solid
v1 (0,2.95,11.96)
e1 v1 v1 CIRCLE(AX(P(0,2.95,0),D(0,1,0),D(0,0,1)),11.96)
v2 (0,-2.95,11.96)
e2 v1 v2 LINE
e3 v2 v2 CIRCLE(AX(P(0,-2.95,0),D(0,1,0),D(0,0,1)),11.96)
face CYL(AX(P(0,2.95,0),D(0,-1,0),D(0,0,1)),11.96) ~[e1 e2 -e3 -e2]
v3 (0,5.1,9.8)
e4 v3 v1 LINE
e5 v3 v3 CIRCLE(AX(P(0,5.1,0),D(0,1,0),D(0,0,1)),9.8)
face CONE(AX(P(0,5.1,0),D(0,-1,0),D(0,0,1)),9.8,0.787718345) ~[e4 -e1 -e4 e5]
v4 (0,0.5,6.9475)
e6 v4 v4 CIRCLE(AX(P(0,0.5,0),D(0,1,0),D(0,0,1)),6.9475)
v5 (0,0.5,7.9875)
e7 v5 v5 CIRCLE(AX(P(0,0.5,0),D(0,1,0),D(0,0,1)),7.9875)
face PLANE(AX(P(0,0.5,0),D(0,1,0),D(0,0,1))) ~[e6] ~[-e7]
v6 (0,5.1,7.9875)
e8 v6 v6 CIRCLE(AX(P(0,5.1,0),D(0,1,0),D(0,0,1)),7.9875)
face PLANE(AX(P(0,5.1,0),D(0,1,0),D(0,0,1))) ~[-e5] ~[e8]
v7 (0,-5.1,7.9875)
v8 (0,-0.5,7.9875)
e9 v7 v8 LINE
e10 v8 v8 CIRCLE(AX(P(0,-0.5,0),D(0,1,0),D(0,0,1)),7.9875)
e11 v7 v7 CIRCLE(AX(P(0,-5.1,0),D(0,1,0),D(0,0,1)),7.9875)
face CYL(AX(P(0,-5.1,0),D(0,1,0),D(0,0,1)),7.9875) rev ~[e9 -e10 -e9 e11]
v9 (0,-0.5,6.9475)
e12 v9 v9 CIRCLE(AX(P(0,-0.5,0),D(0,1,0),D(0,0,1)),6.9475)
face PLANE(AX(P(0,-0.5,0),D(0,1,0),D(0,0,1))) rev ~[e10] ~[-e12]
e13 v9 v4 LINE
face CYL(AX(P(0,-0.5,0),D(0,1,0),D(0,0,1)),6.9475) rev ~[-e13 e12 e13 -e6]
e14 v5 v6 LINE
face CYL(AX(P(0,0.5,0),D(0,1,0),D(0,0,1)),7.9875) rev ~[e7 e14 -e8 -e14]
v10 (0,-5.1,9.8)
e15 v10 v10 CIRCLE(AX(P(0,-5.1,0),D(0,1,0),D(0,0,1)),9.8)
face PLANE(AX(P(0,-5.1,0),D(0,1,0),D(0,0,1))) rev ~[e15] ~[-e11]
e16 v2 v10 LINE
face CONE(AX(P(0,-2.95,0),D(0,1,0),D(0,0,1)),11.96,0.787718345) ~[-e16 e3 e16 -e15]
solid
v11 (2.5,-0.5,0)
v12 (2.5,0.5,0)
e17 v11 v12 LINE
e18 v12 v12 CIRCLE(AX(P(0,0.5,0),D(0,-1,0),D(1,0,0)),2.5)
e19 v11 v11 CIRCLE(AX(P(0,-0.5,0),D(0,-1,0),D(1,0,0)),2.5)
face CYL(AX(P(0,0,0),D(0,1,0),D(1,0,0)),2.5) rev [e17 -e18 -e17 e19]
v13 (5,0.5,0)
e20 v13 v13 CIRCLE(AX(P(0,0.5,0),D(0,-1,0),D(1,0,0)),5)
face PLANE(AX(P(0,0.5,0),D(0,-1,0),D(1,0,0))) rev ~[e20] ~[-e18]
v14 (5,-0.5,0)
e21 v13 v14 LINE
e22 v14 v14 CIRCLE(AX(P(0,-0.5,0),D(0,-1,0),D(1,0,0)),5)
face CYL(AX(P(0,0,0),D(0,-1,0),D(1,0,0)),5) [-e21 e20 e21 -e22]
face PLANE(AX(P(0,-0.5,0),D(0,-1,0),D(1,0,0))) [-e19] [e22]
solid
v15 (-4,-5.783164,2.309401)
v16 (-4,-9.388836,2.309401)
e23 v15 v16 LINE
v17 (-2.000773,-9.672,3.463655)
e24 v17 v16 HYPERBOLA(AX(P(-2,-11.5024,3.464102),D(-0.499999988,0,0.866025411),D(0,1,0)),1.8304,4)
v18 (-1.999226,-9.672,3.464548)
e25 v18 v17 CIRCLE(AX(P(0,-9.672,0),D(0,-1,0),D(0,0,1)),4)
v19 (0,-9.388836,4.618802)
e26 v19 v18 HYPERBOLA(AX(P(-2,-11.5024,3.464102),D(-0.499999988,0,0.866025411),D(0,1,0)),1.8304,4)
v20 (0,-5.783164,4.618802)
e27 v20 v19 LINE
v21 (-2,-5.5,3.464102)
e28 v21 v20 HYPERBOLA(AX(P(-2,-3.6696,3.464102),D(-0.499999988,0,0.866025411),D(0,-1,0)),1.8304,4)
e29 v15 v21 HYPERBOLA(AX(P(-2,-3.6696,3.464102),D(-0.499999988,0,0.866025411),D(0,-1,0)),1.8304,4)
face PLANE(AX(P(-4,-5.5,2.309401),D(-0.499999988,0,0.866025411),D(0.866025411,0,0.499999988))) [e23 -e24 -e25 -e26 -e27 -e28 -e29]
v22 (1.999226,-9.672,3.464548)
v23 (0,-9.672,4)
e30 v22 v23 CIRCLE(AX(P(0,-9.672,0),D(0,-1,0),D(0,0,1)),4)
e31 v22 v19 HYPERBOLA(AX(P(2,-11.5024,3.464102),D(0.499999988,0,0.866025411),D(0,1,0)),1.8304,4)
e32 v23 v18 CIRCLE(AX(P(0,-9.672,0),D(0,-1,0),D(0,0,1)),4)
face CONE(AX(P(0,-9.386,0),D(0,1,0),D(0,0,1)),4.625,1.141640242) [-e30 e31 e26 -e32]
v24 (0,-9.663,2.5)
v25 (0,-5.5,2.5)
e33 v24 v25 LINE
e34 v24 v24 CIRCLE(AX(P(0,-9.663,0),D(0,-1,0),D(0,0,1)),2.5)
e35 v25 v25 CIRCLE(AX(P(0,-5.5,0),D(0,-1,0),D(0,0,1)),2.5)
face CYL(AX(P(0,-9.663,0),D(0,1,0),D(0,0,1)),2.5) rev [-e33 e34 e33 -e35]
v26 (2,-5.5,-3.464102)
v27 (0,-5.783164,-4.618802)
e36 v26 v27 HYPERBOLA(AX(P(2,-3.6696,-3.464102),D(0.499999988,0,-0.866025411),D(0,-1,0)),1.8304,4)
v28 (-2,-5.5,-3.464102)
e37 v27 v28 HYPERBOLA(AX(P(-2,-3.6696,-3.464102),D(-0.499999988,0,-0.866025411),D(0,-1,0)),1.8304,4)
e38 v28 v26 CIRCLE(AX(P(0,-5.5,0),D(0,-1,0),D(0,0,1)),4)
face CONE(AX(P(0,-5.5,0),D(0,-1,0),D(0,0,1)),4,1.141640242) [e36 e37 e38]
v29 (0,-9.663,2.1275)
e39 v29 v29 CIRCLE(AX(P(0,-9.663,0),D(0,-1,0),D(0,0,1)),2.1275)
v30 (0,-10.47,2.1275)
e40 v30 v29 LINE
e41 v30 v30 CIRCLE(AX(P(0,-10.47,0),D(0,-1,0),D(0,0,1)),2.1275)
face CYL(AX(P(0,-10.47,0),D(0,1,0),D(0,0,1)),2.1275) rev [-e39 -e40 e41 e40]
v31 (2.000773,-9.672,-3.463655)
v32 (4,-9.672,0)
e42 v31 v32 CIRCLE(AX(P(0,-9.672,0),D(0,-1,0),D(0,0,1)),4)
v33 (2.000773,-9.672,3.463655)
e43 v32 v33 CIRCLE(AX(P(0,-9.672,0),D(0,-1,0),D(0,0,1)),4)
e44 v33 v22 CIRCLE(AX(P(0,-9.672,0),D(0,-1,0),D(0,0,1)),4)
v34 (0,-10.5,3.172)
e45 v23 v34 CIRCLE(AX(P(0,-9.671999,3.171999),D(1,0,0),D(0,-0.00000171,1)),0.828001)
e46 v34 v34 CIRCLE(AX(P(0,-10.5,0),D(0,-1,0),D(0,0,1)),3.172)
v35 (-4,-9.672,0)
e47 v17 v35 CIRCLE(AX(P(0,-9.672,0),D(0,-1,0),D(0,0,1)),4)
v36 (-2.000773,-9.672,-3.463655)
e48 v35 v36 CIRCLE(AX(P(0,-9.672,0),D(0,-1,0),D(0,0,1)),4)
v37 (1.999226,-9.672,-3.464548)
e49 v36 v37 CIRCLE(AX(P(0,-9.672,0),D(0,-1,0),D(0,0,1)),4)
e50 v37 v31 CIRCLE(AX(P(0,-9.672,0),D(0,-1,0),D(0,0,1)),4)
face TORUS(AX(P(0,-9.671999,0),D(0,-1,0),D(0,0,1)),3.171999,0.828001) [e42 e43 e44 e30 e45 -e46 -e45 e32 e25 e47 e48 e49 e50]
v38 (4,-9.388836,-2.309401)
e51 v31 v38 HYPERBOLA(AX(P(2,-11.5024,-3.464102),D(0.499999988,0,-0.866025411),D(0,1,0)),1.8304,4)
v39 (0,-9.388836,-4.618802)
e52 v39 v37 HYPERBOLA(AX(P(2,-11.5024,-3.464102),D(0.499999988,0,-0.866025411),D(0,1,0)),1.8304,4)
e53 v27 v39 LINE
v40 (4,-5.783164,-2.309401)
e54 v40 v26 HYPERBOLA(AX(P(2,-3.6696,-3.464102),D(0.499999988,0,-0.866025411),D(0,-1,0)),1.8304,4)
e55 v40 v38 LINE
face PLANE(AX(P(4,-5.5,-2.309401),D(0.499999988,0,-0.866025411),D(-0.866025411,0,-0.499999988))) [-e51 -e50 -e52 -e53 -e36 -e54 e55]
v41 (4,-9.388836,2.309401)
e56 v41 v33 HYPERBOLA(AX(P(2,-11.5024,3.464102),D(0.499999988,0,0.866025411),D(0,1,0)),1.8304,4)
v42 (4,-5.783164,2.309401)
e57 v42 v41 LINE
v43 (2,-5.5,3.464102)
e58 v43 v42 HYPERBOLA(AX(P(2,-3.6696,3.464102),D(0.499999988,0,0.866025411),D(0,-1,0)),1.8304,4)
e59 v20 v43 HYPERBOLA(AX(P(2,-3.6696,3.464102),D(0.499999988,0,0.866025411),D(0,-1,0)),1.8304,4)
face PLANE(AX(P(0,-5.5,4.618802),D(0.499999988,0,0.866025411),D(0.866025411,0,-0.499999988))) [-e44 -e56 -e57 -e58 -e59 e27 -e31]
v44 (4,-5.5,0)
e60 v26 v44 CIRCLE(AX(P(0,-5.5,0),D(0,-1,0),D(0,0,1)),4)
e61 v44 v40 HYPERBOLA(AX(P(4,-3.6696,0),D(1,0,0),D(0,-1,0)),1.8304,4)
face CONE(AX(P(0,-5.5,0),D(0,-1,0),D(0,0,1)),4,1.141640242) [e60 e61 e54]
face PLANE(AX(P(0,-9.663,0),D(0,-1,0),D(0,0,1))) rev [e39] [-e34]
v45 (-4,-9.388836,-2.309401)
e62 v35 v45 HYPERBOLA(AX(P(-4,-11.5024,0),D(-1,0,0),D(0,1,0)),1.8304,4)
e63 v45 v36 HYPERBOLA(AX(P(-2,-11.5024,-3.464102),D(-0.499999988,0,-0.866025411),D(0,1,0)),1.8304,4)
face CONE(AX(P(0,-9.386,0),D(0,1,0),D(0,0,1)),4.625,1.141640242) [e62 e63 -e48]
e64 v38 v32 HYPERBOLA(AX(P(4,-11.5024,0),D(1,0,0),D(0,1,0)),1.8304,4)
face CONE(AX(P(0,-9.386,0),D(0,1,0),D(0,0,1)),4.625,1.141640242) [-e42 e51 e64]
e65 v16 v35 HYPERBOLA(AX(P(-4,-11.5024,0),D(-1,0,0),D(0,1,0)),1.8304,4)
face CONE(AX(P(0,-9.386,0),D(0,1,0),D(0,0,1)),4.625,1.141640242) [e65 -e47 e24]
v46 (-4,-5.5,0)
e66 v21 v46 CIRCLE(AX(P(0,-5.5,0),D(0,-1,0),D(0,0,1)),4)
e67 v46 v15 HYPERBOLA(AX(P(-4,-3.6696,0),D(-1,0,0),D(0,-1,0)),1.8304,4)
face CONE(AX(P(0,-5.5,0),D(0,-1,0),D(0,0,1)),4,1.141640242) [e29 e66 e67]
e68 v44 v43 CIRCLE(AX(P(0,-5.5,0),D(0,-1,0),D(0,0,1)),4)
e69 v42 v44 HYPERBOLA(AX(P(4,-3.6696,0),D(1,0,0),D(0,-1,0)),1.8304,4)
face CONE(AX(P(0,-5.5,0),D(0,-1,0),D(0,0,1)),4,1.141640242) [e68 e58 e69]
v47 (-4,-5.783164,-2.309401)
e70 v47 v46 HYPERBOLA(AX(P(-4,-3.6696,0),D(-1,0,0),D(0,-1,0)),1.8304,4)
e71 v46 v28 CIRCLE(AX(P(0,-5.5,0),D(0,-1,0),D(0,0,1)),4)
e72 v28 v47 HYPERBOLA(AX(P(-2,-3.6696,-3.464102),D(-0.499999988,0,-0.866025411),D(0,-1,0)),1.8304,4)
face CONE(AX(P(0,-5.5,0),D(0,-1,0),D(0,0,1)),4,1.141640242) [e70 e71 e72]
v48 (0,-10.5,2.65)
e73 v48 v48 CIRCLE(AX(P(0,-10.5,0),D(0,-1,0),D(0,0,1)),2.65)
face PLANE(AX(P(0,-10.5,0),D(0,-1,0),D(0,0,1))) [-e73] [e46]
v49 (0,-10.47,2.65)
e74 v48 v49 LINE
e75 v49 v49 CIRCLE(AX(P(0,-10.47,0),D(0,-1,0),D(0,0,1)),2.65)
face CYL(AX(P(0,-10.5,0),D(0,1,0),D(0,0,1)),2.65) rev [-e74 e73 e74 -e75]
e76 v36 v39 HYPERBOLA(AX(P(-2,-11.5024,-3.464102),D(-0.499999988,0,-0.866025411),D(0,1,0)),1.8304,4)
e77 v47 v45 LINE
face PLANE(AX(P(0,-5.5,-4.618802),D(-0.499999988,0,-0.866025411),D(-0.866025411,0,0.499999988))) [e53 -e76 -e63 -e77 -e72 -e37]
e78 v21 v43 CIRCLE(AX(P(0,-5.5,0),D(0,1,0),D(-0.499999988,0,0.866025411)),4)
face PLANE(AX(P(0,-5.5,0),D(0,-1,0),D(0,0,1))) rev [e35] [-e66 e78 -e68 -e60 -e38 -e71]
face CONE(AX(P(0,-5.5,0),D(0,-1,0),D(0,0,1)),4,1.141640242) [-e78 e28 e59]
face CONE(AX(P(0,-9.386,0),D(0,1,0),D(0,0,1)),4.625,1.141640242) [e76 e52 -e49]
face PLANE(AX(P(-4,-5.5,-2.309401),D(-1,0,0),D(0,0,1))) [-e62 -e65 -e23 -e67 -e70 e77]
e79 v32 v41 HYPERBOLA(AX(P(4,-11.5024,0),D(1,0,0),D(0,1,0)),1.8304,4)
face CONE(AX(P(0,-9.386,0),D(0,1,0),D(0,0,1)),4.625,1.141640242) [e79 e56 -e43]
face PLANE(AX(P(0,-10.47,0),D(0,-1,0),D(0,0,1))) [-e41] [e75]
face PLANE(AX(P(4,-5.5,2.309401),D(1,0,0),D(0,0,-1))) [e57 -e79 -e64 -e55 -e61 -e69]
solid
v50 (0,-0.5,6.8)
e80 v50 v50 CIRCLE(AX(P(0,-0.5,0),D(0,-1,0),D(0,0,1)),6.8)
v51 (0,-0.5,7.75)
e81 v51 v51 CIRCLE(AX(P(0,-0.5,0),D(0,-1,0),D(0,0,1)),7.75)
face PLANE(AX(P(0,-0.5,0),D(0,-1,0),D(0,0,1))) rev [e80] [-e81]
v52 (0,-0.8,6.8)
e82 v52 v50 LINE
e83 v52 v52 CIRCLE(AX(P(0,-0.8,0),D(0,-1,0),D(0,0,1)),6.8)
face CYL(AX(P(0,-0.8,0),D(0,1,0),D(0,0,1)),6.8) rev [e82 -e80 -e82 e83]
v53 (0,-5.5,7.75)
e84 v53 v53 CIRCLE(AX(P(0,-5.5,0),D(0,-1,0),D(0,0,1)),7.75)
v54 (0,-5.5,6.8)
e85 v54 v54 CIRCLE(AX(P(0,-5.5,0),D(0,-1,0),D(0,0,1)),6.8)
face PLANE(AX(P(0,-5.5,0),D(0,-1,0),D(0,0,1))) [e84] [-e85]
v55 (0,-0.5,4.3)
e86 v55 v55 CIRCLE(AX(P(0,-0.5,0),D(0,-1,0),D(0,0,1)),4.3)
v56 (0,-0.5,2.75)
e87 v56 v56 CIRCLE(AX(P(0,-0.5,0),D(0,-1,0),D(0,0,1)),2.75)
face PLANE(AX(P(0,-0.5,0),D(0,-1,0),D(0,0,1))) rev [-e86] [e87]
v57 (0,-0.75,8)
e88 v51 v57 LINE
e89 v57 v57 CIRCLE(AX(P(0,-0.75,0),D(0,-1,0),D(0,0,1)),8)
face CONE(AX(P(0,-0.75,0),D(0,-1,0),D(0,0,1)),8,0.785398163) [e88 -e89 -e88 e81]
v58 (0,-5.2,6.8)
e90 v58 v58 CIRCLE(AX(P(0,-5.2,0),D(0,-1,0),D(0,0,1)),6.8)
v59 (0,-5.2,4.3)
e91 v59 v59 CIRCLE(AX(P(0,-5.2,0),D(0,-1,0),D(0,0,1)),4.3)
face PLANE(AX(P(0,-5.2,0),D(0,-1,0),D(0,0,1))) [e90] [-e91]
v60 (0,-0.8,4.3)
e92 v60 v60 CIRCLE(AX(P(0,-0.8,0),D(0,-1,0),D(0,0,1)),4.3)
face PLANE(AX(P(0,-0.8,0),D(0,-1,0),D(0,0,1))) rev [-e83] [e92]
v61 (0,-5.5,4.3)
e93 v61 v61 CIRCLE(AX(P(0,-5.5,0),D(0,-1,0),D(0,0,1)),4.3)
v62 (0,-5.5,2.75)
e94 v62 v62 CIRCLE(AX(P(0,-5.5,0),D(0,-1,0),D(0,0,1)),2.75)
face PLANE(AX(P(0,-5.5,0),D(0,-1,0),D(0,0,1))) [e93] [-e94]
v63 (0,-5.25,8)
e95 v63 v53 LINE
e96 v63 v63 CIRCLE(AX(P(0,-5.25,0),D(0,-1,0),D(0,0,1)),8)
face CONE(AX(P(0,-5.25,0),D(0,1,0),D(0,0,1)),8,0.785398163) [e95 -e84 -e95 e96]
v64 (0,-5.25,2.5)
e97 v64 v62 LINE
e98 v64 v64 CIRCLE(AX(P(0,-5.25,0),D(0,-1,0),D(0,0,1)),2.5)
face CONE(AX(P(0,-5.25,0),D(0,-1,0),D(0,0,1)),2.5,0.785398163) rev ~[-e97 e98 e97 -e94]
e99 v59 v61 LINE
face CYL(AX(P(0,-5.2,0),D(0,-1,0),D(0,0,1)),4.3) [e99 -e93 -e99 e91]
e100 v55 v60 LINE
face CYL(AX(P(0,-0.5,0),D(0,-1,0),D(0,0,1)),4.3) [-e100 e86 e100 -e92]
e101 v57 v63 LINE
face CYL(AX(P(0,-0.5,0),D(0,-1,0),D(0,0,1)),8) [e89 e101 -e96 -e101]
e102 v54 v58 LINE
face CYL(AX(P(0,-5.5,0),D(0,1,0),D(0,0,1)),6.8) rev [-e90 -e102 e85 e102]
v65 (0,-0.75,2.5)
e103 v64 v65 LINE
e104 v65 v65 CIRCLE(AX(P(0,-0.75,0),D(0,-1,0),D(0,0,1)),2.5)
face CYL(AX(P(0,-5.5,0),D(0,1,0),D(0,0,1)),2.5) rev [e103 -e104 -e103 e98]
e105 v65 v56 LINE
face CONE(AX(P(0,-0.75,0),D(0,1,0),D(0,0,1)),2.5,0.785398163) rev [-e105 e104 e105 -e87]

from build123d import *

# Parameters (mm, degrees)
F2_R      = 5
F2_R_2    = 2.5
F3_DEPTH  = 0.5
F6_SIZE   = 0.25
F10_DEPTH = 5.001


with BuildPart() as f1:
    # F0 (on Right) → F1 (revolve)
    with BuildSketch(Plane.YZ):
        Polygon((-0.5, 6.9475), (0, 6.9475), (0.5, 6.9475), (0.5, 7.9875), (5.1, 7.9875), (5.1, 9.8), (2.95, 11.96), (0, 11.96), (-2.95, 11.96), (-5.1, 9.8), (-5.1, 7.9875), (-0.5, 7.9875), align=None)
    revolve(axis=Axis((0, 9.506499, 0), (0, 1, 0)))


with BuildPart() as f3:
    # F2 (on Front) → F3 (new body, symmetric)
    with BuildSketch(Plane.XZ):
        Circle(F2_R)
        Circle(F2_R_2, mode=Mode.SUBTRACT)
    extrude(amount=F3_DEPTH, both=True)


with BuildPart() as f5:
    # F4 (on Right) → F5 (revolve)
    with BuildSketch(Plane.YZ):
        Polygon((-5.5, 2.5), (-0.5, 2.5), (-0.5, 4.3), (-0.8, 4.3), (-0.8, 6.8), (-0.5, 6.8), (-0.5, 8), (-5.5, 8), (-5.5, 6.8), (-5.2, 6.8), (-5.2, 4.3), (-5.5, 4.3), align=None)
    revolve(axis=Axis((0, -2.75, 0), (0, -1, 0)))

    # F6
    f6_edges = [f5.edges().sort_by_distance(p)[0] for p in [
        (0, -5.5, -8),
        (0, -0.5, -8),
        (0, -5.5, -2.5),
        (-2.5, -0.5, 0),
    ]]
    chamfer(f6_edges, length=F6_SIZE)


with BuildPart() as f8:
    # F7 (on Right) → F8 (revolve)
    with BuildSketch(Plane.YZ):
        with BuildLine():
            Line((-5.5, 2.5), (-5.5, 4))
            Line((-5.5, 4), (-5.786, 4.625))
            Line((-5.786, 4.625), (-7.586, 4.625))
            Line((-7.586, 4.625), (-9.386, 4.625))
            Line((-9.386, 4.625), (-9.672, 4))
            ThreePointArc((-9.672, 4), (-10.257484, 3.757484), (-10.5, 3.172))
            Line((-10.5, 3.172), (-10.5, 2.65))
            Line((-10.5, 2.65), (-10.47, 2.65))
            Line((-10.47, 2.65), (-10.47, 2.1275))
            Line((-10.47, 2.1275), (-9.663, 2.1275))
            Line((-9.663, 2.1275), (-9.663, 2.5))
            Line((-9.663, 2.5), (-5.5, 2.5))
        make_face()
    revolve(axis=Axis((0, -8, 0), (0, -1, 0)))

    # F9 (on face) → F10 (intersect, through all)
    with BuildSketch(Plane(origin=(0, -5.5, 0), x_dir=(-1, 0, 0), z_dir=(0, 1, 0))):
        Polygon((4, -2.309401), (4, 2.309401), (0, 4.618802), (-4, 2.309401), (-4, -2.309401), (0, -4.618802), align=None)
    extrude(amount=-F10_DEPTH, mode=Mode.INTERSECT)


solid = Compound([f1.part, f3.part, f5.part, f8.part])
